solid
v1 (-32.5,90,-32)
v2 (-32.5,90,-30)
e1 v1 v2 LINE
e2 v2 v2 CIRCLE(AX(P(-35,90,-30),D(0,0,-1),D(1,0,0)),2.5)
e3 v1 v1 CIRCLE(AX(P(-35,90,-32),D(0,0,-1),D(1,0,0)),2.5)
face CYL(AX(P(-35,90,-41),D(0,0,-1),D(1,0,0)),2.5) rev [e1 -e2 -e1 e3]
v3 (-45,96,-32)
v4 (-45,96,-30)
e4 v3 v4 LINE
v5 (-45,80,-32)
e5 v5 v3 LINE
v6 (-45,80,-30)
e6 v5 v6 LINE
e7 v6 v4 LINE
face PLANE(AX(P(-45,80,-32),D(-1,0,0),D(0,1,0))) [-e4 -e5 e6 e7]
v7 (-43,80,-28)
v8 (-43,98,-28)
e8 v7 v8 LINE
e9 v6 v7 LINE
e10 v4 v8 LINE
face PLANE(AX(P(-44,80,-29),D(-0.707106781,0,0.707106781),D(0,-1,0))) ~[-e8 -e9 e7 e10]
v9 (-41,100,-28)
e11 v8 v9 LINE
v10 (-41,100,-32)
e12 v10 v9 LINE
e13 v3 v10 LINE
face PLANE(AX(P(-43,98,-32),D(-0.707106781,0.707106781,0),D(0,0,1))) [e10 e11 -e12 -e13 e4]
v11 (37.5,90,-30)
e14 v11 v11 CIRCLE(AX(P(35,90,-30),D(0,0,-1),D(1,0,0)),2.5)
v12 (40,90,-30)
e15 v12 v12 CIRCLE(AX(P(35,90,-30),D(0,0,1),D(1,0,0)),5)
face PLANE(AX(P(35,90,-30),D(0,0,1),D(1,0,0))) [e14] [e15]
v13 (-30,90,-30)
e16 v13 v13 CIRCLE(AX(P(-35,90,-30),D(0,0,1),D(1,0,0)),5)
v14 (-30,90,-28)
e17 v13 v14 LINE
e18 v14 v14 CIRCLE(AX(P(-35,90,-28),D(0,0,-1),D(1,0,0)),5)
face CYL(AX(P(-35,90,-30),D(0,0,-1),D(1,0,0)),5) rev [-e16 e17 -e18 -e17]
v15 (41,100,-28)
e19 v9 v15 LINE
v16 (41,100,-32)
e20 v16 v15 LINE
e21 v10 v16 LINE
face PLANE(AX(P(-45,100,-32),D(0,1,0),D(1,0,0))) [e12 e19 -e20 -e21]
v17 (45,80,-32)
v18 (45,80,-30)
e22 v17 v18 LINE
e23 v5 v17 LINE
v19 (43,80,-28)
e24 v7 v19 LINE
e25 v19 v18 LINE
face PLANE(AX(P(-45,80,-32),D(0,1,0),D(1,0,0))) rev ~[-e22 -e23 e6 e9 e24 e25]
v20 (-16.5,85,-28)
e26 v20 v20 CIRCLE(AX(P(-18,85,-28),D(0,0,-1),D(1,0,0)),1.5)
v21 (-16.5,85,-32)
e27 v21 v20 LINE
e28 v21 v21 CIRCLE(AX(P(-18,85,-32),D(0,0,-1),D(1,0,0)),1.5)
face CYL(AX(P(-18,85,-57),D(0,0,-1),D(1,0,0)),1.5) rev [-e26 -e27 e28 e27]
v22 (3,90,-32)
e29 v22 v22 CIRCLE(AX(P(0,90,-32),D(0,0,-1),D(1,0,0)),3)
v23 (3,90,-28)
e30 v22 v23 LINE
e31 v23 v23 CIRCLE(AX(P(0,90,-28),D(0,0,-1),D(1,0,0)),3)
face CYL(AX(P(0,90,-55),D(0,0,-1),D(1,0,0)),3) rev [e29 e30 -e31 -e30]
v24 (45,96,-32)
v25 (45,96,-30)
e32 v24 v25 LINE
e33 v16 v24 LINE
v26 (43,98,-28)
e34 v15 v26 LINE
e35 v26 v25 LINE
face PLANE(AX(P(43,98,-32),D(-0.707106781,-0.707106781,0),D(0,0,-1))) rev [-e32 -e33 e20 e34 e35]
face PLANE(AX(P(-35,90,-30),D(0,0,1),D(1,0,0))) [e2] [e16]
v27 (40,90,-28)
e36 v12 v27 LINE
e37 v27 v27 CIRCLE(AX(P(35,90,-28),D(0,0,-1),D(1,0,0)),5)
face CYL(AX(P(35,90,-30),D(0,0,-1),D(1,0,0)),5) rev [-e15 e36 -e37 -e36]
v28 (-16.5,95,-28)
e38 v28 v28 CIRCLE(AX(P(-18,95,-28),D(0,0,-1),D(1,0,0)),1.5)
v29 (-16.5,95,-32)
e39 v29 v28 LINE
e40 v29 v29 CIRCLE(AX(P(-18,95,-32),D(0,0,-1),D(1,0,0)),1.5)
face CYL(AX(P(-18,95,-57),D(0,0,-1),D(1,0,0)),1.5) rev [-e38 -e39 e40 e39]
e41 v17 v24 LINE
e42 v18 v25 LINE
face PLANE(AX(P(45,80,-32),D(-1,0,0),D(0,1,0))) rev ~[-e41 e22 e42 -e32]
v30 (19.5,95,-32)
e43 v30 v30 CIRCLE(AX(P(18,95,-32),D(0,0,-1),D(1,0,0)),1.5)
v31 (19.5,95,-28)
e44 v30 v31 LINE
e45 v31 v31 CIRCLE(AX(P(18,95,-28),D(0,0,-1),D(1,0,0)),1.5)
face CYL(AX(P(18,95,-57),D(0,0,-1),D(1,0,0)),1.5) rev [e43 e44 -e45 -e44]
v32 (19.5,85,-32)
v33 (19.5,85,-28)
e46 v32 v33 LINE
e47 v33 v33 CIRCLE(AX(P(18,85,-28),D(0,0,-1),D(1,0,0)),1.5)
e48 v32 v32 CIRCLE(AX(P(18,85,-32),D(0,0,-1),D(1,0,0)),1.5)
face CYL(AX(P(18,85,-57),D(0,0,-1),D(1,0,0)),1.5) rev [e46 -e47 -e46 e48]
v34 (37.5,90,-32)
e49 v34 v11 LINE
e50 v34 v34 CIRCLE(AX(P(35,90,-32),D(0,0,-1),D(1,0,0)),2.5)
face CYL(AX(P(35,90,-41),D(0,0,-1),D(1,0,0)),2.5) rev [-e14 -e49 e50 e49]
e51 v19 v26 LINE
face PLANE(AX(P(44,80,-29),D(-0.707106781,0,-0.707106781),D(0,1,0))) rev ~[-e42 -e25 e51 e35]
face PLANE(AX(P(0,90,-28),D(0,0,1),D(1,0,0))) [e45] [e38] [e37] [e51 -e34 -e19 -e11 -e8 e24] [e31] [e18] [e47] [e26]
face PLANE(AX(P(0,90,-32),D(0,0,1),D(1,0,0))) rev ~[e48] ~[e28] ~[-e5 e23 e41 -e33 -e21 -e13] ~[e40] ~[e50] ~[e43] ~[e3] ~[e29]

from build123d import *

# Parameters (mm, degrees)
CYLINDER1669_R     = 2.5
CYLINDER1669_DEPTH = 20
CYLINDER1668_R     = 2.5
CYLINDER1668_DEPTH = 20
CYLINDER1667_R     = 5
CYLINDER1667_DEPTH = 5
CYLINDER1666_R     = 5
CYLINDER1666_DEPTH = 5
CYLINDER1647_R     = 1.5
CYLINDER1647_DEPTH = 60
CYLINDER1648_R     = 1.5
CYLINDER1648_DEPTH = 60
CYLINDER1649_R     = 1.5
CYLINDER1649_DEPTH = 60
CYLINDER1646_R     = 1.5
CYLINDER1646_DEPTH = 60
CYLINDER1619_R     = 3
CYLINDER1619_DEPTH = 48
BOX644_W           = 90
BOX644_H           = 20
BOX644_DEPTH       = 4
CHAMFER042_SIZE    = 4
CHAMFER043_SIZE    = 2


with BuildPart() as v_lec1669:
    # Cylinder1669 → Cylinder1669 (new body)
    with BuildSketch(Plane(origin=(-35, 90, -59), x_dir=(1, 0, 0), z_dir=(0, 0, 1))):
        Circle(CYLINDER1669_R)
    extrude(amount=CYLINDER1669_DEPTH)


with BuildPart() as compound819:
    # Cylinder1668 → Cylinder1668 (new body)
    with BuildSketch(Plane(origin=(35, 90, -59), x_dir=(1, 0, 0), z_dir=(0, 0, 1))):
        Circle(CYLINDER1668_R)
    extrude(amount=CYLINDER1668_DEPTH)

    # Compound819: union Válec1669
    add(v_lec1669.part)


with BuildPart() as compound819_1:
    # Compound819 placement: moved
    add(compound819.part.moved(Location((0, 0, 18))))


with BuildPart() as v_lec1667:
    # Cylinder1667 → Cylinder1667 (new body)
    with BuildSketch(Plane(origin=(-35, 90, -59), x_dir=(1, 0, 0), z_dir=(0, 0, 1))):
        Circle(CYLINDER1667_R)
    extrude(amount=CYLINDER1667_DEPTH)


with BuildPart() as compound818:
    # Cylinder1666 → Cylinder1666 (new body)
    with BuildSketch(Plane(origin=(35, 90, -59), x_dir=(1, 0, 0), z_dir=(0, 0, 1))):
        Circle(CYLINDER1666_R)
    extrude(amount=CYLINDER1666_DEPTH)

    # Compound818: union Válec1667
    add(v_lec1667.part)


with BuildPart() as compound818_1:
    # Compound818 placement: moved
    add(compound818.part.moved(Location((0, 0, 29))))


with BuildPart() as v_lec1647:
    # Cylinder1647 → Cylinder1647 (new body)
    with BuildSketch(Plane(origin=(18, 85, -57), x_dir=(1, 0, 0), z_dir=(0, 0, 1))):
        Circle(CYLINDER1647_R)
    extrude(amount=CYLINDER1647_DEPTH)


with BuildPart() as v_lec1648:
    # Cylinder1648 → Cylinder1648 (new body)
    with BuildSketch(Plane(origin=(-18, 85, -57), x_dir=(1, 0, 0), z_dir=(0, 0, 1))):
        Circle(CYLINDER1648_R)
    extrude(amount=CYLINDER1648_DEPTH)


with BuildPart() as v_lec1649:
    # Cylinder1649 → Cylinder1649 (new body)
    with BuildSketch(Plane(origin=(-18, 95, -57), x_dir=(1, 0, 0), z_dir=(0, 0, 1))):
        Circle(CYLINDER1649_R)
    extrude(amount=CYLINDER1649_DEPTH)


with BuildPart() as compound812:
    # Cylinder1646 → Cylinder1646 (new body)
    with BuildSketch(Plane(origin=(18, 95, -57), x_dir=(1, 0, 0), z_dir=(0, 0, 1))):
        Circle(CYLINDER1646_R)
    extrude(amount=CYLINDER1646_DEPTH)

    # Compound812: union Válec1647, Válec1648, Válec1649
    add(v_lec1647.part)
    add(v_lec1648.part)
    add(v_lec1649.part)


with BuildPart() as v_lec1619:
    # Cylinder1619 → Cylinder1619 (new body)
    with BuildSketch(Plane(origin=(0, 90, -55), x_dir=(1, 0, 0), z_dir=(0, 0, 1))):
        Circle(CYLINDER1619_R)
    extrude(amount=CYLINDER1619_DEPTH)


with BuildPart() as chamfer043:
    # Box644 → Box644 (new body)
    with BuildSketch(Plane(origin=(-45, 80, -32), x_dir=(1, 0, 0), z_dir=(0, 0, 1))):
        with Locations((45, 10)):
            Rectangle(BOX644_W, BOX644_H)
    extrude(amount=BOX644_DEPTH)

    # Cut313: cut Válec1619
    add(v_lec1619.part, mode=Mode.SUBTRACT)

    # Cut324: cut Compound812
    add(compound812.part, mode=Mode.SUBTRACT)

    # Cut331: cut Compound818
    add(compound818_1.part, mode=Mode.SUBTRACT)

    # Cut332: cut Compound819
    add(compound819_1.part, mode=Mode.SUBTRACT)

    # Chamfer042
    chamfer042_edges = [chamfer043.edges().sort_by_distance(p)[0] for p in [
        (-45, 100, -30),
        (45, 100, -30),
    ]]
    chamfer(chamfer042_edges, length=CHAMFER042_SIZE)

    # Chamfer043
    chamfer043_edges = [chamfer043.edges().sort_by_distance(p)[0] for p in [
        (-45, 88, -28),
        (45, 88, -28),
    ]]
    chamfer(chamfer043_edges, length=CHAMFER043_SIZE)


solid = chamfer043.part
